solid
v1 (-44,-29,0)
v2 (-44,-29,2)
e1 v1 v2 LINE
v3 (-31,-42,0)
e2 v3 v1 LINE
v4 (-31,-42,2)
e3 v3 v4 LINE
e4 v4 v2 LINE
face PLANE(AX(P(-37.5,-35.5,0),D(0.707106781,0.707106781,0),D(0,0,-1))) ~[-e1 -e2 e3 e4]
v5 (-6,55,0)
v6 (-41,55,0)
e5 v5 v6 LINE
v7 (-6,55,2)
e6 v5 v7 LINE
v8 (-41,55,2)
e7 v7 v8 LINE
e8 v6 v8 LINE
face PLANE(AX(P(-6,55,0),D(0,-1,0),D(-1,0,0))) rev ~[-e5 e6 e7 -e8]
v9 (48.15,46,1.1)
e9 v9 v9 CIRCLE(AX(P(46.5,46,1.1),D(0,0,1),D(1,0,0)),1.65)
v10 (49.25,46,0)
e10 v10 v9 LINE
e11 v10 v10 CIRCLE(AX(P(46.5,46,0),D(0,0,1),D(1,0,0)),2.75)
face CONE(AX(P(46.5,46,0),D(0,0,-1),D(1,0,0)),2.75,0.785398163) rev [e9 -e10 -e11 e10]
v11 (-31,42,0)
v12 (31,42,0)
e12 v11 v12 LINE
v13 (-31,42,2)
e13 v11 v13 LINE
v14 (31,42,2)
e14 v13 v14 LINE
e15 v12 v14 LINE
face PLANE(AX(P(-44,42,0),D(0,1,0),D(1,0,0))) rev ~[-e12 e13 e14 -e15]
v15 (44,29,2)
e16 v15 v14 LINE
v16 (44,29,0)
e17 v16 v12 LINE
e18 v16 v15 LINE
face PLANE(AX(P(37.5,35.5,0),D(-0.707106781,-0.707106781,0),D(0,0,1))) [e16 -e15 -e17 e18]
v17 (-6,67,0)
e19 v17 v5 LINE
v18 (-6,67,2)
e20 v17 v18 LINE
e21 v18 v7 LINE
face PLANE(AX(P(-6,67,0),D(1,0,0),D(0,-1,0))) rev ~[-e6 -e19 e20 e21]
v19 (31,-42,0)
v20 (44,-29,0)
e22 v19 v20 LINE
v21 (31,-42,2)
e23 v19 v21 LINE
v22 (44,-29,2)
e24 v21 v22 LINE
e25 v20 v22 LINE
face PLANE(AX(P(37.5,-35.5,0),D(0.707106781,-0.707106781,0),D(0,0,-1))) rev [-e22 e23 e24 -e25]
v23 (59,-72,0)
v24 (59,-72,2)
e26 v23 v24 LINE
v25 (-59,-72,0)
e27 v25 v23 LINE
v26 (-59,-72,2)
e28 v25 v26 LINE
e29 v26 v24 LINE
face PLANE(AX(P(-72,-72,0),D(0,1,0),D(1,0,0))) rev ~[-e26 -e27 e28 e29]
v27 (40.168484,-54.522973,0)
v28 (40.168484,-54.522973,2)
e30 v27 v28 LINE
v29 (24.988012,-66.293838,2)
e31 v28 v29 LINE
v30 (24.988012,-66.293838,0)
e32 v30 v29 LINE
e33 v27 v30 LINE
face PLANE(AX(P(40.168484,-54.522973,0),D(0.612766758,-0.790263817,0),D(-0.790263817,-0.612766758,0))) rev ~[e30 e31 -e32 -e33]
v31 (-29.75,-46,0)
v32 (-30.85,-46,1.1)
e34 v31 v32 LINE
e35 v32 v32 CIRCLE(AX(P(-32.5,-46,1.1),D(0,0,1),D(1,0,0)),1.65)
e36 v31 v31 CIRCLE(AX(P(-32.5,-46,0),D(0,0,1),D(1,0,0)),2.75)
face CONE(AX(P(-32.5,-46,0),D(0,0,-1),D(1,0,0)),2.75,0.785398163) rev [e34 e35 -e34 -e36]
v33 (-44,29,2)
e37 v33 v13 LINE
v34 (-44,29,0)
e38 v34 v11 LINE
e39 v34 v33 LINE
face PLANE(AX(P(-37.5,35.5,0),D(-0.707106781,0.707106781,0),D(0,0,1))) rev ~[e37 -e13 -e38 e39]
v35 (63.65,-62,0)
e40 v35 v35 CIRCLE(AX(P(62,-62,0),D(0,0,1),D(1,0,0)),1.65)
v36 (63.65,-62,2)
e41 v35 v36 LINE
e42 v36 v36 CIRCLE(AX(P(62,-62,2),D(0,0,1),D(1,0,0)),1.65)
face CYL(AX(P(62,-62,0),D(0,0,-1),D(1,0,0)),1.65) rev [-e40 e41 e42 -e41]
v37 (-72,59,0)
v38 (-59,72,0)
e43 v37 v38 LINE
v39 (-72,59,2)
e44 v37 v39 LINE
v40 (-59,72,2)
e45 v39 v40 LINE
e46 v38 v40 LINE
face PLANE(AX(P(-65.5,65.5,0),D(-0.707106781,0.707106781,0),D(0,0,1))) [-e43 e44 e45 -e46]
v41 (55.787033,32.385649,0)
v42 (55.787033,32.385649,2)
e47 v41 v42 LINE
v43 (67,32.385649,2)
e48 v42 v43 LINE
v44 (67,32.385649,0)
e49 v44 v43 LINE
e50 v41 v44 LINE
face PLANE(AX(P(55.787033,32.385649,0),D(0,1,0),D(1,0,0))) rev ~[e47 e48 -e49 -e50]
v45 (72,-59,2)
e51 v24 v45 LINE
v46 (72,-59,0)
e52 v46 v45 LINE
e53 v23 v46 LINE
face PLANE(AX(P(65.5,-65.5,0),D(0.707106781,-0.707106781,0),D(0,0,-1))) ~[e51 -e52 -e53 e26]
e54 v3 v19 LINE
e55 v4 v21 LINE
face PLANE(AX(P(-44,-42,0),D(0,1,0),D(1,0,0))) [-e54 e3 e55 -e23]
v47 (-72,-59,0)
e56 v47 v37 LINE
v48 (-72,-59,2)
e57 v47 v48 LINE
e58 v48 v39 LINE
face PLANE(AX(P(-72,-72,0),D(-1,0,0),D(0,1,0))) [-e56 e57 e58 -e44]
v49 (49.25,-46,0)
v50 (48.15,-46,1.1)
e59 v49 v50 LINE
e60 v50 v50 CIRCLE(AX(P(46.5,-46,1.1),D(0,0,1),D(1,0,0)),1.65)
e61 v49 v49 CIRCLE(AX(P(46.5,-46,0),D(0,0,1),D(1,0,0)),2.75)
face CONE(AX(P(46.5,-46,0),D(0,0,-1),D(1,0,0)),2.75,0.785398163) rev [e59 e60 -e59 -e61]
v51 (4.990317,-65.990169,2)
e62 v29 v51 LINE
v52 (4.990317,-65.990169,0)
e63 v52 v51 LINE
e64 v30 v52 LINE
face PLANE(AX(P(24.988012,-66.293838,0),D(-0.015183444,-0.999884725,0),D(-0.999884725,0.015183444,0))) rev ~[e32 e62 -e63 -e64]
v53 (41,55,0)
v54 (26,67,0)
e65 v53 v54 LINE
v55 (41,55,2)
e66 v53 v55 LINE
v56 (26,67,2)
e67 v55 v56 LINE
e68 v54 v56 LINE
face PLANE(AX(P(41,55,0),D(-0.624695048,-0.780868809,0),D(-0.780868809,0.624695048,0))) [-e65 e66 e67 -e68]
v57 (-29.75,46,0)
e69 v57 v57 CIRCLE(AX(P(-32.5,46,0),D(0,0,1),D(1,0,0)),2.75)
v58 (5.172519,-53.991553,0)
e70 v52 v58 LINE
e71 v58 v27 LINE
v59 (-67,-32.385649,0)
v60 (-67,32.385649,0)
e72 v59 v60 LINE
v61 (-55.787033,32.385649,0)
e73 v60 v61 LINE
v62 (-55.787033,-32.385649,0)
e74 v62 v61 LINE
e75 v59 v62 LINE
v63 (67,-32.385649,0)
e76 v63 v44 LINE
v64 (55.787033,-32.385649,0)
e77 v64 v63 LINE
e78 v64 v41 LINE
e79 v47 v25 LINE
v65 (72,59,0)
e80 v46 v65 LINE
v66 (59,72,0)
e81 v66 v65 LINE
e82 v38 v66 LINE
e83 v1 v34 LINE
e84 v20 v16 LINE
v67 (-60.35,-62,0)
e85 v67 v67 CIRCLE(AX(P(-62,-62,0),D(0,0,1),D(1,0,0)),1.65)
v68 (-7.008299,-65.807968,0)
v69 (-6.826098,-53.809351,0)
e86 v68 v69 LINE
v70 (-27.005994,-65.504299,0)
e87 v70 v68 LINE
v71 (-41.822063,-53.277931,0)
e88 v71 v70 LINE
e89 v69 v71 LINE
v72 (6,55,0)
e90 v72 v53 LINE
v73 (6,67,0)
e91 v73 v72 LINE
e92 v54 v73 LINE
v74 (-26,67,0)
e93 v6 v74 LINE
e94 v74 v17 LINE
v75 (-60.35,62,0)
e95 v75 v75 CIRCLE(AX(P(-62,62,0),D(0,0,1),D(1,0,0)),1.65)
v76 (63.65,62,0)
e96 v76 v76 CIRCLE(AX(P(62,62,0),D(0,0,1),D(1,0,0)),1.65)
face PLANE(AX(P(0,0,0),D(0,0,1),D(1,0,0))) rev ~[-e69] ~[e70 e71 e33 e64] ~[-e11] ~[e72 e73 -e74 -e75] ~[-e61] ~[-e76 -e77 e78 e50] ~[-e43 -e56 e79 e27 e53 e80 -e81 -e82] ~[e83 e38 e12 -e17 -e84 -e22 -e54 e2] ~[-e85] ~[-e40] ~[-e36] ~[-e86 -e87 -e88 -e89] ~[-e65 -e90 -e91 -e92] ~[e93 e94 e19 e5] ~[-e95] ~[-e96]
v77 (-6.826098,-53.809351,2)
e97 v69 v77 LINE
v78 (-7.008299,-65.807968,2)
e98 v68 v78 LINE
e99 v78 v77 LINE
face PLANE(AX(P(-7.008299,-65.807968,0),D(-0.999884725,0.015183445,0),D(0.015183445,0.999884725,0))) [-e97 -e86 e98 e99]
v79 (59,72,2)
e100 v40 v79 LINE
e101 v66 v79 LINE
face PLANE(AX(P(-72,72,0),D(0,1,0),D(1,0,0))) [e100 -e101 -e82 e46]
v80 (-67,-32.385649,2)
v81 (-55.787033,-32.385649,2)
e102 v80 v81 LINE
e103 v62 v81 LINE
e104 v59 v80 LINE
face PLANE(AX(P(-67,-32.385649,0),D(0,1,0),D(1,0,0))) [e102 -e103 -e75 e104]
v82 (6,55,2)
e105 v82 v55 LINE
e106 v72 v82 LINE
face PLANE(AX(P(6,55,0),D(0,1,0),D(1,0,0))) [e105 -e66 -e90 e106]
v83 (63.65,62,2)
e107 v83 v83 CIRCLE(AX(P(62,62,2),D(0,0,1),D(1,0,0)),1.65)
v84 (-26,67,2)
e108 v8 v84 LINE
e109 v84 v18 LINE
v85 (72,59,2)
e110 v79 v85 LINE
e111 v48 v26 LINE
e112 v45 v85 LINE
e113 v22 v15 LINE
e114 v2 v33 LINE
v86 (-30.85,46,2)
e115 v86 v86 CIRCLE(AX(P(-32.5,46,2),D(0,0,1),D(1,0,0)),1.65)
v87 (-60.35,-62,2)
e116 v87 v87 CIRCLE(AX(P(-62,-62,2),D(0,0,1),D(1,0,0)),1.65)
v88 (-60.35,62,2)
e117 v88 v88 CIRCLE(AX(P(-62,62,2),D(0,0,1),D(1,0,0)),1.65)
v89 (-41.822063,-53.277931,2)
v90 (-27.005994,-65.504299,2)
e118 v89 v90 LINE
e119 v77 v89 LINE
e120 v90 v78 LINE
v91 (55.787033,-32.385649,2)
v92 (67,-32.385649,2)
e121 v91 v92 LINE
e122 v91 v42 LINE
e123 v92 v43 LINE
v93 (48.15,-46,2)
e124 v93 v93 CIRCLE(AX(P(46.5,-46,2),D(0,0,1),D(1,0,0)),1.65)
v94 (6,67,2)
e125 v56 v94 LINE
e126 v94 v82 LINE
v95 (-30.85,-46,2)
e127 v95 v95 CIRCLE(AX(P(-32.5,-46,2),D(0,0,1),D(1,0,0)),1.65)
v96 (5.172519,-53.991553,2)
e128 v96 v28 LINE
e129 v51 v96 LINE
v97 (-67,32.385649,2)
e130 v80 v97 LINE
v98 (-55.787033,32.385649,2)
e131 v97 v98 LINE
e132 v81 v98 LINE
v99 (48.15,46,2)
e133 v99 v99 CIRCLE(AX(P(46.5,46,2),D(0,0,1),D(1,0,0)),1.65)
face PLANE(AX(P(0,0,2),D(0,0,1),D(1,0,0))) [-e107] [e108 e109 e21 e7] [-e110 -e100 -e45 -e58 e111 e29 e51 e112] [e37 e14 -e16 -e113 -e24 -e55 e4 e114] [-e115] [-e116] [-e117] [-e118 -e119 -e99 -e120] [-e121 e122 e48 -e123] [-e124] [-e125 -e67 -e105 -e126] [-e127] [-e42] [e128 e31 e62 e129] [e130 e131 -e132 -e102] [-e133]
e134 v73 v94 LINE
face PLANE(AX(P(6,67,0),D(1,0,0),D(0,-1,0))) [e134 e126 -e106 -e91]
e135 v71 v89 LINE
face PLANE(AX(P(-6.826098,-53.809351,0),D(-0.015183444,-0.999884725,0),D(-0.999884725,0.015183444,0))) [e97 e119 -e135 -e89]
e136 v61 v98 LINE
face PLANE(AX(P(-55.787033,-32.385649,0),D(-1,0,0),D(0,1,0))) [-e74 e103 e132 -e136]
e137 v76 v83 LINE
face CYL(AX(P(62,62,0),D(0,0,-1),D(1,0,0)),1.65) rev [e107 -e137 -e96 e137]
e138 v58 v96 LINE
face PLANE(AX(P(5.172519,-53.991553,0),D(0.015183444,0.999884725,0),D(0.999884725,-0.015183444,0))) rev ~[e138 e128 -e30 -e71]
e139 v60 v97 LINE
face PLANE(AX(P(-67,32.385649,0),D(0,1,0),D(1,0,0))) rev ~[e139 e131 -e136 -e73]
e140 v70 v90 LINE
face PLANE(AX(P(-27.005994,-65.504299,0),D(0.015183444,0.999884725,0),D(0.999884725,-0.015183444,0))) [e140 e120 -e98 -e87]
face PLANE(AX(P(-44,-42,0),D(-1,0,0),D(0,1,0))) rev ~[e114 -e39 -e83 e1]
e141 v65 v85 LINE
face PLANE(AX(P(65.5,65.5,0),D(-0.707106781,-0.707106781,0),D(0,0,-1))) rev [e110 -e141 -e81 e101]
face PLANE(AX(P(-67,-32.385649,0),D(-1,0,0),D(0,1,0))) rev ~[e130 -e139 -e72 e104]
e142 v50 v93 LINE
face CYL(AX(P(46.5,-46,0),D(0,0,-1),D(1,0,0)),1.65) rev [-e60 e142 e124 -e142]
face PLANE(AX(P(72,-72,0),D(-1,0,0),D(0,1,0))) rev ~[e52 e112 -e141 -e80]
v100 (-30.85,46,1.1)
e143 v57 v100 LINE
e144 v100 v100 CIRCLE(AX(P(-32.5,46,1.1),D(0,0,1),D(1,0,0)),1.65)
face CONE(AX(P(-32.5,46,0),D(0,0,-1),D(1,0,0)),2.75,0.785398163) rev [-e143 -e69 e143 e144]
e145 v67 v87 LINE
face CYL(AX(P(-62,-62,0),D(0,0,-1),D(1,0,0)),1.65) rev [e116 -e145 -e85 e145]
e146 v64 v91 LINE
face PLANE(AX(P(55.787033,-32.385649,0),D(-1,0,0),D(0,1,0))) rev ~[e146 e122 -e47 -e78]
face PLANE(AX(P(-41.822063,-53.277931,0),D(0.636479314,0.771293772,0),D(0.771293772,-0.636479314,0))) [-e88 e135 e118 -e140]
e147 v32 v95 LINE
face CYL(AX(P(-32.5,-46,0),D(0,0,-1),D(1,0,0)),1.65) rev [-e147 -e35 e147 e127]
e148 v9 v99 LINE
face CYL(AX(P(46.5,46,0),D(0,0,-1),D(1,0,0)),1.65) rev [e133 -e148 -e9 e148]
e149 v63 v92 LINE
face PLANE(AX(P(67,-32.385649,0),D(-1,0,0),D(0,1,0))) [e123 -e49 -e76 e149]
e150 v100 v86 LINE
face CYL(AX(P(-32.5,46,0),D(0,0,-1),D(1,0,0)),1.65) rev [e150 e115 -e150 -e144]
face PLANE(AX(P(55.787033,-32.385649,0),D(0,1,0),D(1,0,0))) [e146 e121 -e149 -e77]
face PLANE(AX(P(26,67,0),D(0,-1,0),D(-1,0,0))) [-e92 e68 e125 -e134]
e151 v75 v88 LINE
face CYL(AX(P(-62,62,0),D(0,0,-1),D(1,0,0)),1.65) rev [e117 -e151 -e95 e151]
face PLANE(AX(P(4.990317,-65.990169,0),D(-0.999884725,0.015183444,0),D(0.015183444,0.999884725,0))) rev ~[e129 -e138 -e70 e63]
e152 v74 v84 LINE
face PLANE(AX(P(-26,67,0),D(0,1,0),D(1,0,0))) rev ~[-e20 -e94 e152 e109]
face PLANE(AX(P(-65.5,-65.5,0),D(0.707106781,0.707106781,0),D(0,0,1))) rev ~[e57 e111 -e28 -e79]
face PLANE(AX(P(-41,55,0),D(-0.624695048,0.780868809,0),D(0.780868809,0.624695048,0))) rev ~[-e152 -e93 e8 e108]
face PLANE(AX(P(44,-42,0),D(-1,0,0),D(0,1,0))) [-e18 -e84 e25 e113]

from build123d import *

# Parameters (mm, degrees)
SKETCH_1_W                     = 144
SKETCH_1_H                     = 144
SKETCH_1_R                     = 1.65
SKETCH_1_W_2                   = 11.212967435
SKETCH_1_H_2                   = 64.771297792
SKETCH_1_W_3                   = 88
SKETCH_1_H_3                   = 84
EXTRUDE_79X92_DEPTH            = 2
SKETCH_2_R                     = 2.75
M3_D5P5_1P1_90_DEPTH           = 1.1
M3_D5P5_1P1_90_DRAFT           = 45
M3_D5P5_1P1_90_PROFILE_2_DEPTH = 1.1
M3_D5P5_1P1_90_PROFILE_2_DRAFT = 45
M3_D5P5_1P1_90_PROFILE_3_DEPTH = 1.1
M3_D5P5_1P1_90_PROFILE_3_DRAFT = 45
M3_D5P5_1P1_90_PROFILE_4_DEPTH = 1.1
M3_D5P5_1P1_90_PROFILE_4_DRAFT = 45
CHAMFER_1_SIZE                 = 13


with BuildPart() as part:
    # 草图1 → 几何镂空托板_原装79x92孔距 (new body)
    with BuildSketch(Plane.XY):
        Rectangle(SKETCH_1_W, SKETCH_1_H)
        with Locations((-62, -62)):
            Circle(SKETCH_1_R, mode=Mode.SUBTRACT)
        with Locations((-62, 62)):
            Circle(SKETCH_1_R, mode=Mode.SUBTRACT)
        with Locations((62, -62)):
            Circle(SKETCH_1_R, mode=Mode.SUBTRACT)
        with Locations((62, 62)):
            Circle(SKETCH_1_R, mode=Mode.SUBTRACT)
        with Locations((-32.5, -46)):
            Circle(SKETCH_1_R, mode=Mode.SUBTRACT)
        with Locations((-32.5, 46)):
            Circle(SKETCH_1_R, mode=Mode.SUBTRACT)
        with Locations((46.5, -46)):
            Circle(SKETCH_1_R, mode=Mode.SUBTRACT)
        with Locations((46.5, 46)):
            Circle(SKETCH_1_R, mode=Mode.SUBTRACT)
        Polygon((-26, 67), (-6, 67), (-6, 55), (-41, 55), align=None, mode=Mode.SUBTRACT)
        Polygon((4.990317383, -65.990169234), (5.172518716, -53.991552536), (40.168484086, -54.52297309), (24.98801188, -66.293838123), align=None, mode=Mode.SUBTRACT)
        Polygon((-7.008299316, -65.807967901), (-6.826097982, -53.809351203), (-41.822063353, -53.277930648), (-27.005993813, -65.504299013), align=None, mode=Mode.SUBTRACT)
        with Locations((61.393516283, 0)):
            Rectangle(SKETCH_1_W_2, SKETCH_1_H_2, mode=Mode.SUBTRACT)
        with Locations((-61.393516283, 0)):
            Rectangle(SKETCH_1_W_2, SKETCH_1_H_2, mode=Mode.SUBTRACT)
        Rectangle(SKETCH_1_W_3, SKETCH_1_H_3, mode=Mode.SUBTRACT)
        Polygon((6, 55), (41, 55), (26, 67), (6, 67), align=None, mode=Mode.SUBTRACT)
    extrude(amount=EXTRUDE_79X92_DEPTH)


with BuildPart() as m3_d5p5_1p1_90_tool:
    # 草图2 → M3沉头四孔_D5p5_深1p1_90度 (with draft: the straight prism first)
    with BuildSketch(Plane.XY):
        with Locations((-32.5, -46)):
            Circle(SKETCH_2_R)
    extrude(amount=M3_D5P5_1P1_90_DEPTH)
    # M3沉头四孔_D5p5_深1p1_90度: the draft: its side faces are tilted about the plane it starts from
    m3_d5p5_1p1_90_sides = [m3_d5p5_1p1_90_tool.faces().sort_by_distance(p)[0] for p in [
        (-35.25, -46, 0.55),
    ]]
    draft(m3_d5p5_1p1_90_sides, Plane.XY, M3_D5P5_1P1_90_DRAFT)


with BuildPart() as part_1:
    add(part.part)

    # M3沉头四孔_D5p5_深1p1_90度: cut by m3_d5p5_1p1_90_tool
    add(m3_d5p5_1p1_90_tool.part, mode=Mode.SUBTRACT)


with BuildPart() as m3_d5p5_1p1_90_profile_2_tool:
    # 草图2 → M3沉头四孔_D5p5_深1p1_90度 profile 2 (with draft: the straight prism first)
    with BuildSketch(Plane.XY):
        with Locations((-32.5, 46)):
            Circle(SKETCH_2_R)
    extrude(amount=M3_D5P5_1P1_90_PROFILE_2_DEPTH)
    # M3沉头四孔_D5p5_深1p1_90度 profile 2: the draft: its side faces are tilted about the plane it starts from
    m3_d5p5_1p1_90_profile_2_sides = [m3_d5p5_1p1_90_profile_2_tool.faces().sort_by_distance(p)[0] for p in [
        (-35.25, 46, 0.55),
    ]]
    draft(m3_d5p5_1p1_90_profile_2_sides, Plane.XY, M3_D5P5_1P1_90_PROFILE_2_DRAFT)


with BuildPart() as part_2:
    add(part_1.part)

    # M3沉头四孔_D5p5_深1p1_90度 profile 2: cut by m3_d5p5_1p1_90_profile_2_tool
    add(m3_d5p5_1p1_90_profile_2_tool.part, mode=Mode.SUBTRACT)


with BuildPart() as m3_d5p5_1p1_90_profile_3_tool:
    # 草图2 → M3沉头四孔_D5p5_深1p1_90度 profile 3 (with draft: the straight prism first)
    with BuildSketch(Plane.XY):
        with Locations((46.5, -46)):
            Circle(SKETCH_2_R)
    extrude(amount=M3_D5P5_1P1_90_PROFILE_3_DEPTH)
    # M3沉头四孔_D5p5_深1p1_90度 profile 3: the draft: its side faces are tilted about the plane it starts from
    m3_d5p5_1p1_90_profile_3_sides = [m3_d5p5_1p1_90_profile_3_tool.faces().sort_by_distance(p)[0] for p in [
        (43.75, -46, 0.55),
    ]]
    draft(m3_d5p5_1p1_90_profile_3_sides, Plane.XY, M3_D5P5_1P1_90_PROFILE_3_DRAFT)


with BuildPart() as part_3:
    add(part_2.part)

    # M3沉头四孔_D5p5_深1p1_90度 profile 3: cut by m3_d5p5_1p1_90_profile_3_tool
    add(m3_d5p5_1p1_90_profile_3_tool.part, mode=Mode.SUBTRACT)


with BuildPart() as m3_d5p5_1p1_90_profile_4_tool:
    # 草图2 → M3沉头四孔_D5p5_深1p1_90度 profile 4 (with draft: the straight prism first)
    with BuildSketch(Plane.XY):
        with Locations((46.5, 46)):
            Circle(SKETCH_2_R)
    extrude(amount=M3_D5P5_1P1_90_PROFILE_4_DEPTH)
    # M3沉头四孔_D5p5_深1p1_90度 profile 4: the draft: its side faces are tilted about the plane it starts from
    m3_d5p5_1p1_90_profile_4_sides = [m3_d5p5_1p1_90_profile_4_tool.faces().sort_by_distance(p)[0] for p in [
        (43.75, 46, 0.55),
    ]]
    draft(m3_d5p5_1p1_90_profile_4_sides, Plane.XY, M3_D5P5_1P1_90_PROFILE_4_DRAFT)


with BuildPart() as part_4:
    add(part_3.part)

    # M3沉头四孔_D5p5_深1p1_90度 profile 4: cut by m3_d5p5_1p1_90_profile_4_tool
    add(m3_d5p5_1p1_90_profile_4_tool.part, mode=Mode.SUBTRACT)

    # 倒角1
    chamfer_1_edges = [part_4.edges().sort_by_distance(p)[0] for p in [
        (-72, 72, 1),
        (72, 72, 1),
        (-44, 42, 1),
        (72, -72, 1),
        (-44, -42, 1),
        (44, -42, 1),
        (44, 42, 1),
        (-72, -72, 1),
    ]]
    chamfer(chamfer_1_edges, length=CHAMFER_1_SIZE)


solid = part_4.part
